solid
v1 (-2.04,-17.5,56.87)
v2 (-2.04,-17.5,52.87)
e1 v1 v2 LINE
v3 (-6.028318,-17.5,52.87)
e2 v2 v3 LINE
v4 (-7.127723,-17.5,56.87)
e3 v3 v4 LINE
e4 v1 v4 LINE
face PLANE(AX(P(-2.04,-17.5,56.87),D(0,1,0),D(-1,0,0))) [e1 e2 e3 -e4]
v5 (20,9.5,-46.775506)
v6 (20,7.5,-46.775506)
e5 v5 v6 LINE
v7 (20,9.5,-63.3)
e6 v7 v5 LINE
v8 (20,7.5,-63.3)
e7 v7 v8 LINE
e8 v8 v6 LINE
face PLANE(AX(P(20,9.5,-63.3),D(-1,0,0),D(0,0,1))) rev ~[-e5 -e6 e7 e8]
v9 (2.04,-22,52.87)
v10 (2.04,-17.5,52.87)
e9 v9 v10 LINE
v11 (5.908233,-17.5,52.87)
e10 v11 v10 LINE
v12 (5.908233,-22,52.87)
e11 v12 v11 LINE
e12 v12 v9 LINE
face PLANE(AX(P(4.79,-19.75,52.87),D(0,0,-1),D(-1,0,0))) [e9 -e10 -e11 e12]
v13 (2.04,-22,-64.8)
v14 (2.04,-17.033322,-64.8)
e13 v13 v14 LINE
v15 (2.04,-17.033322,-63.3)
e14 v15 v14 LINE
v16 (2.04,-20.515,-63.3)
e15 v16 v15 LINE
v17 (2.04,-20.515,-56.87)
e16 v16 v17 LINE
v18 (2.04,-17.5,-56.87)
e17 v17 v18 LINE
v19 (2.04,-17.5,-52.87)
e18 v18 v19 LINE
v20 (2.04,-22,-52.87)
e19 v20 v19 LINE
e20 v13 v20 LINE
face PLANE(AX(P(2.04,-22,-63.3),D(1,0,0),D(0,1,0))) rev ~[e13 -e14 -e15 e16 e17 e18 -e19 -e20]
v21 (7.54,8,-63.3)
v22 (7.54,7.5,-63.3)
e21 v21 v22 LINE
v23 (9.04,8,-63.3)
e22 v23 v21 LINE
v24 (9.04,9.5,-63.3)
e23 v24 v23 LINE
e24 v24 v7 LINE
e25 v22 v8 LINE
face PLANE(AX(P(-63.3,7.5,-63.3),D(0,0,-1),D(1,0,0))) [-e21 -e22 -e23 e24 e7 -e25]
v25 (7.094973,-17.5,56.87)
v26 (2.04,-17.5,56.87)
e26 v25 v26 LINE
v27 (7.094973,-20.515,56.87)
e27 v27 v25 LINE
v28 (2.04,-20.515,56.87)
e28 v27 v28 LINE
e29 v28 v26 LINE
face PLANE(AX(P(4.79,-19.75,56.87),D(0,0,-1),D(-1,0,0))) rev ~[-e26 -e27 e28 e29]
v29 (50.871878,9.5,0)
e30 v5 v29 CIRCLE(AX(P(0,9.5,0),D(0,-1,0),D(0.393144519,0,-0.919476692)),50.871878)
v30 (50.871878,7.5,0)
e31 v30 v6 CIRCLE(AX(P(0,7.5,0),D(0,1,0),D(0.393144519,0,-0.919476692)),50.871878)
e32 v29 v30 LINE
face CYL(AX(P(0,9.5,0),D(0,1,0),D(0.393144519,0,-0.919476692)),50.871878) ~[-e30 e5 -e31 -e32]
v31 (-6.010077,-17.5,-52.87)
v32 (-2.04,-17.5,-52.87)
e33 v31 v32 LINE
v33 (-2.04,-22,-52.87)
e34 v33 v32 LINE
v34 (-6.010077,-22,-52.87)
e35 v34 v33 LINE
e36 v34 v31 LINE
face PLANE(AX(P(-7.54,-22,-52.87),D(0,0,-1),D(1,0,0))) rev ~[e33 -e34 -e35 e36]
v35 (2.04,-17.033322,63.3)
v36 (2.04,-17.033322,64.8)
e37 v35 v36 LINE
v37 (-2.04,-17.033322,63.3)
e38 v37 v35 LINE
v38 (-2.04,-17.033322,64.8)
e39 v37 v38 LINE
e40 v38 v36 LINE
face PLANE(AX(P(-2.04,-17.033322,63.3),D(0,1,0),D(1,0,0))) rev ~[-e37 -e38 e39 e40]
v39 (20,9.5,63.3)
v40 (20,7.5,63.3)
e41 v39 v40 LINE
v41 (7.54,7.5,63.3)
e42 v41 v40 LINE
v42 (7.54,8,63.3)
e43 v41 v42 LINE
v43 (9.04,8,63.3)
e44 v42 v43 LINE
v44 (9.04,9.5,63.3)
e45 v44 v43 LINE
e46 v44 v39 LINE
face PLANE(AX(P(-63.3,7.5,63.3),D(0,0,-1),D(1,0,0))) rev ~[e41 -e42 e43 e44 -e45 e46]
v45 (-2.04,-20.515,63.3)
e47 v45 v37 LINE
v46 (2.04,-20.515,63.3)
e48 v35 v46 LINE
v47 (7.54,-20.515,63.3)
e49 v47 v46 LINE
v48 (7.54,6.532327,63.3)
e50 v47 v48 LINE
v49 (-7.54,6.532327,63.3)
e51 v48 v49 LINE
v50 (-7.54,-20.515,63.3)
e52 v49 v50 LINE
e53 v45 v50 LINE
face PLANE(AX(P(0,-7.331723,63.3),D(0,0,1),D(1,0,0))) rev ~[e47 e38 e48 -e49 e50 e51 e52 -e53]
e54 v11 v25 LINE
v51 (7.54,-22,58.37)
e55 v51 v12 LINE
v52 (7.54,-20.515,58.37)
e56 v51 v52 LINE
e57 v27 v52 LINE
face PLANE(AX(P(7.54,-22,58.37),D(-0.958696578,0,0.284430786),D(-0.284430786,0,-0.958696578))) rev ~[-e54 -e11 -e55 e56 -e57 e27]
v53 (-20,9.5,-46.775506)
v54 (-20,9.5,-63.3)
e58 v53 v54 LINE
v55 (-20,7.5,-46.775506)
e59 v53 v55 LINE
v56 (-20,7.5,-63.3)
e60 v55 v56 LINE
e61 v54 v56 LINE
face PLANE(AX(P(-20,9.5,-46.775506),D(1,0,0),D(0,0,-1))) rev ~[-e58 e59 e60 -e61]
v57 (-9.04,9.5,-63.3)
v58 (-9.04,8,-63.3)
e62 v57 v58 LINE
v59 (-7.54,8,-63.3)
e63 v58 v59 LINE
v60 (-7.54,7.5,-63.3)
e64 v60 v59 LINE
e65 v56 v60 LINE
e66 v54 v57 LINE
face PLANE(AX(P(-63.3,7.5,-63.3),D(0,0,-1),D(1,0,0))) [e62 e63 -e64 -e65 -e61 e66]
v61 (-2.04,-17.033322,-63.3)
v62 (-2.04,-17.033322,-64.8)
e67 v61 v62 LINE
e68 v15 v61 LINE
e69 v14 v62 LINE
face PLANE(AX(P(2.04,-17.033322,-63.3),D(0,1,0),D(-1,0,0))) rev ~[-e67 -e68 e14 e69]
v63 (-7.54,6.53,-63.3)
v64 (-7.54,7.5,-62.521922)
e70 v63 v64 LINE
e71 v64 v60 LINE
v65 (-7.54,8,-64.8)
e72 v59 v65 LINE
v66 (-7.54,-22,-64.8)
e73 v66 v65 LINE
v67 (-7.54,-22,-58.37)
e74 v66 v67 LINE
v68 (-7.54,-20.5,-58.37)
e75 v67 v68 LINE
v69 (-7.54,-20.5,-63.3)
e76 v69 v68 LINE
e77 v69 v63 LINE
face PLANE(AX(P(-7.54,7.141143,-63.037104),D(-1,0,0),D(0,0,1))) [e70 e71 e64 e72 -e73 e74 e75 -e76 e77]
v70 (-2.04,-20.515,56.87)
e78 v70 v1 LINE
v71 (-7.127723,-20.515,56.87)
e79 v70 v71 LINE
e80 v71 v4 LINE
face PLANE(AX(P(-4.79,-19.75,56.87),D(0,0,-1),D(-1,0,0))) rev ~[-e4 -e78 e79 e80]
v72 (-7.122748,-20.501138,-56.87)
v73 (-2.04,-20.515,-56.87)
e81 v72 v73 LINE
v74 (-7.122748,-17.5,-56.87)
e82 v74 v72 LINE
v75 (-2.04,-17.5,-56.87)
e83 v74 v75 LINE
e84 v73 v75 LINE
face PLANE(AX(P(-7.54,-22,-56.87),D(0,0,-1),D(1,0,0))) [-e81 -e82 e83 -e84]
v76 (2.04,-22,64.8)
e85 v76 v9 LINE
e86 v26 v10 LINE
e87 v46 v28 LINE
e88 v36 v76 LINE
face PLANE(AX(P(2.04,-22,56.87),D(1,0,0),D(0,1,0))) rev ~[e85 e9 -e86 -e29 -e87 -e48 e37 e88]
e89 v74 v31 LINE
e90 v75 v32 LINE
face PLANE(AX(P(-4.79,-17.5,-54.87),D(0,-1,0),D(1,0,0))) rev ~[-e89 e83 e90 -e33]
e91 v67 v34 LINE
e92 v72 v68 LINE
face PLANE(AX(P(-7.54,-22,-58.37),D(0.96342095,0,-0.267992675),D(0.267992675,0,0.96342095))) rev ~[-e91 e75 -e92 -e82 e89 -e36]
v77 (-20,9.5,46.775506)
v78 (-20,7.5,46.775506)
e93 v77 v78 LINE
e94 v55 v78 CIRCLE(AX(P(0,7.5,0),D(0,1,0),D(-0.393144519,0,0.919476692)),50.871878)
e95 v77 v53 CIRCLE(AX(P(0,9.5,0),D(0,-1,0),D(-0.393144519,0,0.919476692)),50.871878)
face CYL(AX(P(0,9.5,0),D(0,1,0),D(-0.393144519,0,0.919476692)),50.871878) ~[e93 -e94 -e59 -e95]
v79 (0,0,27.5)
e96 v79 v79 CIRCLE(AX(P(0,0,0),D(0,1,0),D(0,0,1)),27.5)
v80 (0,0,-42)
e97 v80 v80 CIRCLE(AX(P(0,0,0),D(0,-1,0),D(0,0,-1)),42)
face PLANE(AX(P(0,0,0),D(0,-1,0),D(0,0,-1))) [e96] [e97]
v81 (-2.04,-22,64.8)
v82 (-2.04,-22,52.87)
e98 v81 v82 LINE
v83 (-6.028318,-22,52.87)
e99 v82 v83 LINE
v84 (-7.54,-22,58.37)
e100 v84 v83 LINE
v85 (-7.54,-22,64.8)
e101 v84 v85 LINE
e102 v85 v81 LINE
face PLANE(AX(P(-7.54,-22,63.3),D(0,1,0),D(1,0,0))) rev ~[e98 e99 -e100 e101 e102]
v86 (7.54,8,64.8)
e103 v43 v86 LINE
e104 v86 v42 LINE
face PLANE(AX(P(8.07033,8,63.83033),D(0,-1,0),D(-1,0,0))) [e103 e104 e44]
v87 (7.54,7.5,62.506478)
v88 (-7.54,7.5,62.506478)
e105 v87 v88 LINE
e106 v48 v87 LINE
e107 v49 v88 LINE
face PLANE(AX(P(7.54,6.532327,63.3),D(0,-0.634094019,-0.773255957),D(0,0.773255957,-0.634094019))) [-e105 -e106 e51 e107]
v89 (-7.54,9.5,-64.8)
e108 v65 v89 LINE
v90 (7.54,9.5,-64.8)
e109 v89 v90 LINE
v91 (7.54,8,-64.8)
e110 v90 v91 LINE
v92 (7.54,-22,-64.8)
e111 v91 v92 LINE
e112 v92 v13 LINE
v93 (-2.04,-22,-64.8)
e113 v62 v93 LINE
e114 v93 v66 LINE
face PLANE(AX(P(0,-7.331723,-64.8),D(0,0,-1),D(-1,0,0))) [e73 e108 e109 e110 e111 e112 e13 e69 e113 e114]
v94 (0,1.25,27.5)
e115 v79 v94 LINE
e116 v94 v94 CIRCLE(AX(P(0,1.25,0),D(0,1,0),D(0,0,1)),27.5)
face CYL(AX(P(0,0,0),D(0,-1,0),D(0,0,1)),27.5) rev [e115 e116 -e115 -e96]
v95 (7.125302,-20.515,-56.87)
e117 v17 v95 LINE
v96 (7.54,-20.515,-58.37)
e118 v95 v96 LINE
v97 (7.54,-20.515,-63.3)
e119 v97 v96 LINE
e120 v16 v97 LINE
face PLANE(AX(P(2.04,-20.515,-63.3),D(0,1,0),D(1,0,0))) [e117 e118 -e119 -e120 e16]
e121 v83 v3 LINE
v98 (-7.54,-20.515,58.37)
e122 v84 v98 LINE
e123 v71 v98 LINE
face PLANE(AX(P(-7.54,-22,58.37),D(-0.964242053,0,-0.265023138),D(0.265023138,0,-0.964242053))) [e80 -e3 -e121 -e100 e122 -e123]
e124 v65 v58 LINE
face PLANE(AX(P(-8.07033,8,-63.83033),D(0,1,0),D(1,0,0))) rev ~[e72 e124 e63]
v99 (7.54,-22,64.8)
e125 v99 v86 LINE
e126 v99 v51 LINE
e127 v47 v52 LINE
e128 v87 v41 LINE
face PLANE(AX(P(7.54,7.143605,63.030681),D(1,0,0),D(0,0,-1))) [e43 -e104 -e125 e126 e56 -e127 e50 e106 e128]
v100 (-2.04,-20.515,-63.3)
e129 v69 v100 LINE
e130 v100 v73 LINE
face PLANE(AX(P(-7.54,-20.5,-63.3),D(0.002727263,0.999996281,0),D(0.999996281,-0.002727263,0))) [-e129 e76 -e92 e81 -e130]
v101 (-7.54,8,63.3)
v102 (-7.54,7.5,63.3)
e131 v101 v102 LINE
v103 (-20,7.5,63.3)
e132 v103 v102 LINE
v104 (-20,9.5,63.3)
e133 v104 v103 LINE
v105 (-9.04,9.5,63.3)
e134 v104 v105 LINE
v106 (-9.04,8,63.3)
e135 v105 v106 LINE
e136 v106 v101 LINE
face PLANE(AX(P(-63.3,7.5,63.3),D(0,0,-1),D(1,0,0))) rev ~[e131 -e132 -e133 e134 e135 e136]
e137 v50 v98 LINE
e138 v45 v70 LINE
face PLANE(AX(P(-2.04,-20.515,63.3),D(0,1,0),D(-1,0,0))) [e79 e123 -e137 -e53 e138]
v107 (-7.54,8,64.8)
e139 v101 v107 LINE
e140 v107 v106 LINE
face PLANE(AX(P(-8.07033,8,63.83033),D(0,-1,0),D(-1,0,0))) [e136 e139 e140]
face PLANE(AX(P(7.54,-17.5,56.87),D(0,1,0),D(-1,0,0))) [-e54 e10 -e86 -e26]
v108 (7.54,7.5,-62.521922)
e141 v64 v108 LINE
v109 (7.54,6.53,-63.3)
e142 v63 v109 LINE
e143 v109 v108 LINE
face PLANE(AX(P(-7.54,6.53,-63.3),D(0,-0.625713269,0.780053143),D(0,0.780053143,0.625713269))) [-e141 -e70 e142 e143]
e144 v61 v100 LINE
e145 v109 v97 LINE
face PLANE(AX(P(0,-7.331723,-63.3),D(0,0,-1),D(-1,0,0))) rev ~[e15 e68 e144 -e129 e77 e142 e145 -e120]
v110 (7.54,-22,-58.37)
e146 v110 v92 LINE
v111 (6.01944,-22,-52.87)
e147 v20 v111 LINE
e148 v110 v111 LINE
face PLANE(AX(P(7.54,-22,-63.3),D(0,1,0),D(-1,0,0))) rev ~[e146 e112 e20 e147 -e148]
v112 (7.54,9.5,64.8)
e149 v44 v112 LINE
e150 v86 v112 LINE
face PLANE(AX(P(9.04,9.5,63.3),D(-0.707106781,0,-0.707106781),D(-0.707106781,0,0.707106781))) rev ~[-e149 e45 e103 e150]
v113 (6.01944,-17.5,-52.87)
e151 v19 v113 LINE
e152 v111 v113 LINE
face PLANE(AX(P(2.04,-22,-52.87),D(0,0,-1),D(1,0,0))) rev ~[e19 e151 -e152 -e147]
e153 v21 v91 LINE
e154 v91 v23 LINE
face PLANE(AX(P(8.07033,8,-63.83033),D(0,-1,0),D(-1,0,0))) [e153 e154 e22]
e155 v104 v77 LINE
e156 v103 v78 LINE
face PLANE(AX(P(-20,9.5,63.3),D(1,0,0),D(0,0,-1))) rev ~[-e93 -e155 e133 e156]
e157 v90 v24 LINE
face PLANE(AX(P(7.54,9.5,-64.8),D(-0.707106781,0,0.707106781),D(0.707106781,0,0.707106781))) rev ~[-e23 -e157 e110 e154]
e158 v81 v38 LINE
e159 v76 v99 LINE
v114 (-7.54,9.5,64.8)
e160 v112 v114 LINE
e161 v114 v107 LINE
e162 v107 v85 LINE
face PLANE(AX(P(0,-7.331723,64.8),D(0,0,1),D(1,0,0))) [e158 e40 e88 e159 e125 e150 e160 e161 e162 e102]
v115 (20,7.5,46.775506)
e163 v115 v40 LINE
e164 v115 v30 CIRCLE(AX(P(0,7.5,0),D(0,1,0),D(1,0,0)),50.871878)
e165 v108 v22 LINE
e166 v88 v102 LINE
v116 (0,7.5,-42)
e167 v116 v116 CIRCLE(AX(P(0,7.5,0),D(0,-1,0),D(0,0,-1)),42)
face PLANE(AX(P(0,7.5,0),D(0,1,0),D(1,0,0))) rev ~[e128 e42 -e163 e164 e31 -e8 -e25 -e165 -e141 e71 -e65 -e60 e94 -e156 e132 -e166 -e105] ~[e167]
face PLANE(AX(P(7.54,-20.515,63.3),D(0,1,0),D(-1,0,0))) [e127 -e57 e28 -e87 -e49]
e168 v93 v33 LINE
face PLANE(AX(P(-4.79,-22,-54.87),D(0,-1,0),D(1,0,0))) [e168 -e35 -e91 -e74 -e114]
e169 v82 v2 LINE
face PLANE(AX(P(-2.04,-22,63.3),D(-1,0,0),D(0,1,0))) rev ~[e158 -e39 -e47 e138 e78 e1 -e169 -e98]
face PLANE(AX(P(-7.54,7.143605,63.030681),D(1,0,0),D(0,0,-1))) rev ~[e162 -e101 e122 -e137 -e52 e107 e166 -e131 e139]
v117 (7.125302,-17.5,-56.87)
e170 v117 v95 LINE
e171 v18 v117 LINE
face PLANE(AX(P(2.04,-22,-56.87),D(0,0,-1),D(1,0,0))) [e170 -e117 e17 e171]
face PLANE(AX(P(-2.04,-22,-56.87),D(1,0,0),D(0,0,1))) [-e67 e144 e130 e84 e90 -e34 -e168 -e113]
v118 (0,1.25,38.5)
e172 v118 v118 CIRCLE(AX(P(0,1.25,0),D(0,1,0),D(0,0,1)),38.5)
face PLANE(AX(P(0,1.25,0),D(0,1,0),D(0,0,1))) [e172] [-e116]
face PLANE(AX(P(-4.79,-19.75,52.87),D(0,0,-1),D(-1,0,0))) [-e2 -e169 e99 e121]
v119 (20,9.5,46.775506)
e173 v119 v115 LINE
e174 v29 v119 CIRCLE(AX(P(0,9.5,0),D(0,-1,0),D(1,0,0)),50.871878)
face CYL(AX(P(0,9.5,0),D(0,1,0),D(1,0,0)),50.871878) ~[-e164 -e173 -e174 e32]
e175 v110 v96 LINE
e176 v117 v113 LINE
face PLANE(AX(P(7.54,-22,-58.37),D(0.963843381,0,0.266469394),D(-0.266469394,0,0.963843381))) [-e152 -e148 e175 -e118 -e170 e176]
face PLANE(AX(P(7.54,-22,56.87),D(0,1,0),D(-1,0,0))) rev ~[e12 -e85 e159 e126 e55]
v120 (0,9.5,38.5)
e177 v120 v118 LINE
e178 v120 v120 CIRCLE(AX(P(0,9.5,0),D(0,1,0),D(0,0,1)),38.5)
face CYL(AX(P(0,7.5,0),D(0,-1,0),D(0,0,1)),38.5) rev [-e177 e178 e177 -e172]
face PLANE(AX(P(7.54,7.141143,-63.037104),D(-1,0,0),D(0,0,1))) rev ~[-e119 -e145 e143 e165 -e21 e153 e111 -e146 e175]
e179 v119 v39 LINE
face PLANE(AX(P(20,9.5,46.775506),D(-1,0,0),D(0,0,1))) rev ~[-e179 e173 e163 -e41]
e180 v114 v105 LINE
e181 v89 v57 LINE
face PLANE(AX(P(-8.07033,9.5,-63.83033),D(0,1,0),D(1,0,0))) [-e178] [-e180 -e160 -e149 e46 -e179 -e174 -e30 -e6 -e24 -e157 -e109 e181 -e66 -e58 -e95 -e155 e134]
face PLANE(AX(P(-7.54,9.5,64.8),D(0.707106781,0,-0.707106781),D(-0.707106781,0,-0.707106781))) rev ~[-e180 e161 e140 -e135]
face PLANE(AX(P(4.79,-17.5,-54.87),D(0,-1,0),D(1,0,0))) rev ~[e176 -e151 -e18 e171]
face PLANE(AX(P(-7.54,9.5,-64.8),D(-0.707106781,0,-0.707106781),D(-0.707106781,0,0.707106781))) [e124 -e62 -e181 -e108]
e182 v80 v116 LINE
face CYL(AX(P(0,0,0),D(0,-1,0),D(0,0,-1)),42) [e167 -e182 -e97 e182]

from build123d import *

# Parameters (mm, degrees)
SKETCH_1_R          = 38.5
SKETCH_1_R_2        = 27.5
EXTRUDE_1_DEPTH     = 1.25
SKETCH_3_W          = 126.6
SKETCH_3_H          = 126.6
SKETCH_3_R          = 38.5
EXTRUDE_2_DEPTH     = 2
EXTRUDE_3_REACH     = 92.022
SKETCH_4_R          = 42
SKETCH_4_R_2        = 38.5
EXTRUDE_4_DEPTH     = 1.5
SKETCH_6_W          = 5.5
SKETCH_6_H          = 1.485
EXTRUDE_5_DEPTH     = 6.43
SKETCH_7_W          = 5.5
SKETCH_7_H          = 4.5
EXTRUDE_6_DEPTH     = 4
CUT_EXTRUDE_1_DEPTH = 96.907142591
CUT_EXTRUDE_2_DEPTH = 10
EXTRUDE_7_DEPTH     = 15.08
EXTRUDE_8_DEPTH     = 1.5
EXTRUDE_9_DEPTH     = 1.5
SKETCH_17_W         = 5.5
SKETCH_17_H         = 1.485
EXTRUDE_10_DEPTH    = 6.43
SKETCH_18_W         = 5.5
SKETCH_18_H         = 4
EXTRUDE_12_DEPTH    = 4.5
CUT_EXTRUDE_3_DEPTH = 7
EXTRUDE_13_DEPTH    = 1.5
EXTRUDE_14_DEPTH    = 15.08


with BuildPart() as part:
    # 草圖1 → 填料-伸長1 (new body)
    with BuildSketch(Plane(origin=(0, 0, 0), x_dir=(1, 0, 0), z_dir=(0, 1, 0))):
        with Locations(Location((0, 0, 0), (0, 0, 270))):
            Circle(SKETCH_1_R)
        with Locations(Location((0, 0, 0), (0, 0, 270))):
            Circle(SKETCH_1_R_2, mode=Mode.SUBTRACT)
    extrude(amount=EXTRUDE_1_DEPTH)


with BuildPart() as body_2:
    # 草圖3 → 填料-伸長2 (new body)
    with BuildSketch(Plane(origin=(0, 7.5, 0), x_dir=(1, 0, 0), z_dir=(0, 1, 0))):
        Rectangle(SKETCH_3_W, SKETCH_3_H)
        with Locations(Location((0, 0, 0), (0, 0, 270))):
            Circle(SKETCH_3_R, mode=Mode.SUBTRACT)
    extrude(amount=EXTRUDE_2_DEPTH)

    # 草圖4 → 填料-伸長3 (add, up to next)
    with BuildSketch(Plane.XZ, mode=Mode.PRIVATE) as extrude_3_sk1:
        with Locations(Location((0, 0, 0), (0, 0, 270))):
            Circle(SKETCH_4_R)
        with Locations(Location((0, 0, 0), (0, 0, 90))):
            Circle(SKETCH_4_R_2, mode=Mode.SUBTRACT)
    extrude_3_tool1 = extrude(extrude_3_sk1.sketch, amount=-EXTRUDE_3_REACH, mode=Mode.PRIVATE) - body_2.part

    add(part.part)  # 填料-伸長3 merges part
    add(extrude_3_tool1.solids().sort_by_distance((0, 0, 40.812061))[0])

    # 草圖5 → 填料-伸長4 (add)
    with BuildSketch(Plane.XY.offset(63.3)):
        Polygon((-2.04, -22), (-2.04, -17.033321832), (2.04, -17.033321832), (2.04, -22), (7.54, -22), (7.54, 9.5), (-7.54, 9.5), (-7.54, -22), align=None)
    extrude(amount=EXTRUDE_4_DEPTH)

    # 草圖6 → 填料-伸長5 (add)
    with BuildSketch(Plane(origin=(0, 0, 63.3), x_dir=(-1, 0, 0), z_dir=(0, 0, -1))):
        with Locations((-4.79, -21.2575)):
            Rectangle(SKETCH_6_W, SKETCH_6_H)
        with Locations((4.79, -21.2575)):
            Rectangle(SKETCH_6_W, SKETCH_6_H)
    extrude(amount=EXTRUDE_5_DEPTH)

    # 草圖7 → 填料-伸長6 (add)
    with BuildSketch(Plane(origin=(0, 0, 56.87), x_dir=(-1, 0, 0), z_dir=(0, 0, -1))):
        with Locations((-4.79, -19.75)):
            Rectangle(SKETCH_7_W, SKETCH_7_H)
        with Locations((4.79, -19.75)):
            Rectangle(SKETCH_7_W, SKETCH_7_H)
    extrude(amount=EXTRUDE_6_DEPTH)

    # 草圖8 → 除料-伸長1 (cut, through all)
    with BuildSketch(Plane(origin=(0, 9.5, 0), x_dir=(1, 0, 0), z_dir=(0, 1, 0))):
        with BuildLine():
            Line((-20, 46.775506025), (-20, 63.3))
            Line((-20, 63.3), (-63.3, 63.3))
            Line((-63.3, 63.3), (-63.3, -63.3))
            Line((-63.3, -63.3), (-20, -63.3))
            Line((-20, -63.3), (-20, -50.871877928))
            Line((-20, -50.871877928), (-20, -46.775506025))
            ThreePointArc((-20, -46.775506025), (-50.871877928, 0), (-20, 46.775506025))
        make_face()
        with BuildLine():
            Line((63.3, 63.3), (20, 63.3))
            Line((20, 63.3), (20, 46.775506025))
            ThreePointArc((20, 46.775506025), (42.458129507, 28.022405369), (50.871877928, 0))
            ThreePointArc((50.871877928, 0), (42.458129507, -28.022405369), (20, -46.775506025))
            Line((20, -46.775506025), (20, -50.871877928))
            Line((20, -50.871877928), (20, -63.3))
            Line((20, -63.3), (63.3, -63.3))
            Line((63.3, -63.3), (63.3, 63.3))
        make_face()
    extrude(amount=-CUT_EXTRUDE_1_DEPTH, mode=Mode.SUBTRACT)

    # 草圖10 → 除料-伸長2 (cut)
    with BuildSketch(Plane.XZ.offset(22)):
        Polygon((5.908233118, 52.87), (7.54, 52.87), (7.54, 58.37), align=None)
        Polygon((-7.54, 58.37), (-6.0283181, 52.87), (-7.54, 52.87), align=None)
    extrude(amount=-CUT_EXTRUDE_2_DEPTH, mode=Mode.SUBTRACT)

    # 草圖12 → 填料-伸長7 (add)
    with BuildSketch(Plane(origin=(7.54, 0, 0), x_dir=(0, 0, -1), z_dir=(1, 0, 0))):
        Polygon((-62.506477542, 7.5), (-63.3, 7.5), (-63.3, 6.532326517), align=None)
    extrude(amount=-EXTRUDE_7_DEPTH)

    # 草圖14 → 填料-伸長8 (add)
    with BuildSketch(Plane(origin=(0, 9.5, 0), x_dir=(1, 0, 0), z_dir=(0, 1, 0))):
        Polygon((-7.54, -64.8), (-9.04, -63.3), (-7.54, -63.3), align=None)
        Polygon((7.54, -64.8), (7.54, -63.3), (9.04, -63.3), align=None)
    extrude(amount=-EXTRUDE_8_DEPTH)

    # 草圖16 → 填料-伸長9 (add)
    with BuildSketch(Plane(origin=(0, 0, -63.3), x_dir=(-1, 0, 0), z_dir=(0, 0, -1))):
        Polygon((0, 9.5), (-7.54, 9.5), (-7.54, -22), (-2.04, -22), (-2.04, -17.033321832), (2.04, -17.033321832), (2.04, -22), (7.54, -22), (7.54, 9.5), align=None)
    extrude(amount=EXTRUDE_9_DEPTH)

    # 草圖17 → 填料-伸長10 (add)
    with BuildSketch(Plane.XY.offset(-63.3)):
        Polygon((-7.54, -22), (-7.54, -20.5), (-2.04, -20.515), (-2.04, -22), align=None)
        with Locations((4.79, -21.2575)):
            Rectangle(SKETCH_17_W, SKETCH_17_H)
    extrude(amount=EXTRUDE_10_DEPTH)

    # 草圖18 → 填料-伸長12 (add)
    with BuildSketch(Plane.XZ.offset(22)):
        with Locations((-4.79, -54.87)):
            Rectangle(SKETCH_18_W, SKETCH_18_H)
        with Locations((4.79, -54.87)):
            Rectangle(SKETCH_18_W, SKETCH_18_H)
    extrude(amount=-EXTRUDE_12_DEPTH)

    # 草圖19 → 除料-伸長3 (cut)
    with BuildSketch(Plane.XZ.offset(22)):
        Polygon((-7.54, -52.87), (-7.54, -58.37), (-6.010077166, -52.87), align=None)
        Polygon((7.54, -52.87), (7.54, -58.37), (6.019440026, -52.87), align=None)
    extrude(amount=-CUT_EXTRUDE_3_DEPTH, mode=Mode.SUBTRACT)

    # 草圖21 → 填料-伸長13 (add)
    with BuildSketch(Plane(origin=(0, 9.5, 0), x_dir=(1, 0, 0), z_dir=(0, 1, 0))):
        Polygon((-7.54, 64.8), (-9.04, 63.3), (-7.54, 63.3), align=None)
        Polygon((7.54, 64.8), (9.04, 63.3), (7.54, 63.3), align=None)
    extrude(amount=-EXTRUDE_13_DEPTH)

    # 草圖23 → 填料-伸長14 (add)
    with BuildSketch(Plane.ZY.offset(7.54)):
        Polygon((-62.521922408, 7.5), (-63.3, 7.5), (-63.3, 6.53), align=None)
    extrude(amount=-EXTRUDE_14_DEPTH)


solid = body_2.part
